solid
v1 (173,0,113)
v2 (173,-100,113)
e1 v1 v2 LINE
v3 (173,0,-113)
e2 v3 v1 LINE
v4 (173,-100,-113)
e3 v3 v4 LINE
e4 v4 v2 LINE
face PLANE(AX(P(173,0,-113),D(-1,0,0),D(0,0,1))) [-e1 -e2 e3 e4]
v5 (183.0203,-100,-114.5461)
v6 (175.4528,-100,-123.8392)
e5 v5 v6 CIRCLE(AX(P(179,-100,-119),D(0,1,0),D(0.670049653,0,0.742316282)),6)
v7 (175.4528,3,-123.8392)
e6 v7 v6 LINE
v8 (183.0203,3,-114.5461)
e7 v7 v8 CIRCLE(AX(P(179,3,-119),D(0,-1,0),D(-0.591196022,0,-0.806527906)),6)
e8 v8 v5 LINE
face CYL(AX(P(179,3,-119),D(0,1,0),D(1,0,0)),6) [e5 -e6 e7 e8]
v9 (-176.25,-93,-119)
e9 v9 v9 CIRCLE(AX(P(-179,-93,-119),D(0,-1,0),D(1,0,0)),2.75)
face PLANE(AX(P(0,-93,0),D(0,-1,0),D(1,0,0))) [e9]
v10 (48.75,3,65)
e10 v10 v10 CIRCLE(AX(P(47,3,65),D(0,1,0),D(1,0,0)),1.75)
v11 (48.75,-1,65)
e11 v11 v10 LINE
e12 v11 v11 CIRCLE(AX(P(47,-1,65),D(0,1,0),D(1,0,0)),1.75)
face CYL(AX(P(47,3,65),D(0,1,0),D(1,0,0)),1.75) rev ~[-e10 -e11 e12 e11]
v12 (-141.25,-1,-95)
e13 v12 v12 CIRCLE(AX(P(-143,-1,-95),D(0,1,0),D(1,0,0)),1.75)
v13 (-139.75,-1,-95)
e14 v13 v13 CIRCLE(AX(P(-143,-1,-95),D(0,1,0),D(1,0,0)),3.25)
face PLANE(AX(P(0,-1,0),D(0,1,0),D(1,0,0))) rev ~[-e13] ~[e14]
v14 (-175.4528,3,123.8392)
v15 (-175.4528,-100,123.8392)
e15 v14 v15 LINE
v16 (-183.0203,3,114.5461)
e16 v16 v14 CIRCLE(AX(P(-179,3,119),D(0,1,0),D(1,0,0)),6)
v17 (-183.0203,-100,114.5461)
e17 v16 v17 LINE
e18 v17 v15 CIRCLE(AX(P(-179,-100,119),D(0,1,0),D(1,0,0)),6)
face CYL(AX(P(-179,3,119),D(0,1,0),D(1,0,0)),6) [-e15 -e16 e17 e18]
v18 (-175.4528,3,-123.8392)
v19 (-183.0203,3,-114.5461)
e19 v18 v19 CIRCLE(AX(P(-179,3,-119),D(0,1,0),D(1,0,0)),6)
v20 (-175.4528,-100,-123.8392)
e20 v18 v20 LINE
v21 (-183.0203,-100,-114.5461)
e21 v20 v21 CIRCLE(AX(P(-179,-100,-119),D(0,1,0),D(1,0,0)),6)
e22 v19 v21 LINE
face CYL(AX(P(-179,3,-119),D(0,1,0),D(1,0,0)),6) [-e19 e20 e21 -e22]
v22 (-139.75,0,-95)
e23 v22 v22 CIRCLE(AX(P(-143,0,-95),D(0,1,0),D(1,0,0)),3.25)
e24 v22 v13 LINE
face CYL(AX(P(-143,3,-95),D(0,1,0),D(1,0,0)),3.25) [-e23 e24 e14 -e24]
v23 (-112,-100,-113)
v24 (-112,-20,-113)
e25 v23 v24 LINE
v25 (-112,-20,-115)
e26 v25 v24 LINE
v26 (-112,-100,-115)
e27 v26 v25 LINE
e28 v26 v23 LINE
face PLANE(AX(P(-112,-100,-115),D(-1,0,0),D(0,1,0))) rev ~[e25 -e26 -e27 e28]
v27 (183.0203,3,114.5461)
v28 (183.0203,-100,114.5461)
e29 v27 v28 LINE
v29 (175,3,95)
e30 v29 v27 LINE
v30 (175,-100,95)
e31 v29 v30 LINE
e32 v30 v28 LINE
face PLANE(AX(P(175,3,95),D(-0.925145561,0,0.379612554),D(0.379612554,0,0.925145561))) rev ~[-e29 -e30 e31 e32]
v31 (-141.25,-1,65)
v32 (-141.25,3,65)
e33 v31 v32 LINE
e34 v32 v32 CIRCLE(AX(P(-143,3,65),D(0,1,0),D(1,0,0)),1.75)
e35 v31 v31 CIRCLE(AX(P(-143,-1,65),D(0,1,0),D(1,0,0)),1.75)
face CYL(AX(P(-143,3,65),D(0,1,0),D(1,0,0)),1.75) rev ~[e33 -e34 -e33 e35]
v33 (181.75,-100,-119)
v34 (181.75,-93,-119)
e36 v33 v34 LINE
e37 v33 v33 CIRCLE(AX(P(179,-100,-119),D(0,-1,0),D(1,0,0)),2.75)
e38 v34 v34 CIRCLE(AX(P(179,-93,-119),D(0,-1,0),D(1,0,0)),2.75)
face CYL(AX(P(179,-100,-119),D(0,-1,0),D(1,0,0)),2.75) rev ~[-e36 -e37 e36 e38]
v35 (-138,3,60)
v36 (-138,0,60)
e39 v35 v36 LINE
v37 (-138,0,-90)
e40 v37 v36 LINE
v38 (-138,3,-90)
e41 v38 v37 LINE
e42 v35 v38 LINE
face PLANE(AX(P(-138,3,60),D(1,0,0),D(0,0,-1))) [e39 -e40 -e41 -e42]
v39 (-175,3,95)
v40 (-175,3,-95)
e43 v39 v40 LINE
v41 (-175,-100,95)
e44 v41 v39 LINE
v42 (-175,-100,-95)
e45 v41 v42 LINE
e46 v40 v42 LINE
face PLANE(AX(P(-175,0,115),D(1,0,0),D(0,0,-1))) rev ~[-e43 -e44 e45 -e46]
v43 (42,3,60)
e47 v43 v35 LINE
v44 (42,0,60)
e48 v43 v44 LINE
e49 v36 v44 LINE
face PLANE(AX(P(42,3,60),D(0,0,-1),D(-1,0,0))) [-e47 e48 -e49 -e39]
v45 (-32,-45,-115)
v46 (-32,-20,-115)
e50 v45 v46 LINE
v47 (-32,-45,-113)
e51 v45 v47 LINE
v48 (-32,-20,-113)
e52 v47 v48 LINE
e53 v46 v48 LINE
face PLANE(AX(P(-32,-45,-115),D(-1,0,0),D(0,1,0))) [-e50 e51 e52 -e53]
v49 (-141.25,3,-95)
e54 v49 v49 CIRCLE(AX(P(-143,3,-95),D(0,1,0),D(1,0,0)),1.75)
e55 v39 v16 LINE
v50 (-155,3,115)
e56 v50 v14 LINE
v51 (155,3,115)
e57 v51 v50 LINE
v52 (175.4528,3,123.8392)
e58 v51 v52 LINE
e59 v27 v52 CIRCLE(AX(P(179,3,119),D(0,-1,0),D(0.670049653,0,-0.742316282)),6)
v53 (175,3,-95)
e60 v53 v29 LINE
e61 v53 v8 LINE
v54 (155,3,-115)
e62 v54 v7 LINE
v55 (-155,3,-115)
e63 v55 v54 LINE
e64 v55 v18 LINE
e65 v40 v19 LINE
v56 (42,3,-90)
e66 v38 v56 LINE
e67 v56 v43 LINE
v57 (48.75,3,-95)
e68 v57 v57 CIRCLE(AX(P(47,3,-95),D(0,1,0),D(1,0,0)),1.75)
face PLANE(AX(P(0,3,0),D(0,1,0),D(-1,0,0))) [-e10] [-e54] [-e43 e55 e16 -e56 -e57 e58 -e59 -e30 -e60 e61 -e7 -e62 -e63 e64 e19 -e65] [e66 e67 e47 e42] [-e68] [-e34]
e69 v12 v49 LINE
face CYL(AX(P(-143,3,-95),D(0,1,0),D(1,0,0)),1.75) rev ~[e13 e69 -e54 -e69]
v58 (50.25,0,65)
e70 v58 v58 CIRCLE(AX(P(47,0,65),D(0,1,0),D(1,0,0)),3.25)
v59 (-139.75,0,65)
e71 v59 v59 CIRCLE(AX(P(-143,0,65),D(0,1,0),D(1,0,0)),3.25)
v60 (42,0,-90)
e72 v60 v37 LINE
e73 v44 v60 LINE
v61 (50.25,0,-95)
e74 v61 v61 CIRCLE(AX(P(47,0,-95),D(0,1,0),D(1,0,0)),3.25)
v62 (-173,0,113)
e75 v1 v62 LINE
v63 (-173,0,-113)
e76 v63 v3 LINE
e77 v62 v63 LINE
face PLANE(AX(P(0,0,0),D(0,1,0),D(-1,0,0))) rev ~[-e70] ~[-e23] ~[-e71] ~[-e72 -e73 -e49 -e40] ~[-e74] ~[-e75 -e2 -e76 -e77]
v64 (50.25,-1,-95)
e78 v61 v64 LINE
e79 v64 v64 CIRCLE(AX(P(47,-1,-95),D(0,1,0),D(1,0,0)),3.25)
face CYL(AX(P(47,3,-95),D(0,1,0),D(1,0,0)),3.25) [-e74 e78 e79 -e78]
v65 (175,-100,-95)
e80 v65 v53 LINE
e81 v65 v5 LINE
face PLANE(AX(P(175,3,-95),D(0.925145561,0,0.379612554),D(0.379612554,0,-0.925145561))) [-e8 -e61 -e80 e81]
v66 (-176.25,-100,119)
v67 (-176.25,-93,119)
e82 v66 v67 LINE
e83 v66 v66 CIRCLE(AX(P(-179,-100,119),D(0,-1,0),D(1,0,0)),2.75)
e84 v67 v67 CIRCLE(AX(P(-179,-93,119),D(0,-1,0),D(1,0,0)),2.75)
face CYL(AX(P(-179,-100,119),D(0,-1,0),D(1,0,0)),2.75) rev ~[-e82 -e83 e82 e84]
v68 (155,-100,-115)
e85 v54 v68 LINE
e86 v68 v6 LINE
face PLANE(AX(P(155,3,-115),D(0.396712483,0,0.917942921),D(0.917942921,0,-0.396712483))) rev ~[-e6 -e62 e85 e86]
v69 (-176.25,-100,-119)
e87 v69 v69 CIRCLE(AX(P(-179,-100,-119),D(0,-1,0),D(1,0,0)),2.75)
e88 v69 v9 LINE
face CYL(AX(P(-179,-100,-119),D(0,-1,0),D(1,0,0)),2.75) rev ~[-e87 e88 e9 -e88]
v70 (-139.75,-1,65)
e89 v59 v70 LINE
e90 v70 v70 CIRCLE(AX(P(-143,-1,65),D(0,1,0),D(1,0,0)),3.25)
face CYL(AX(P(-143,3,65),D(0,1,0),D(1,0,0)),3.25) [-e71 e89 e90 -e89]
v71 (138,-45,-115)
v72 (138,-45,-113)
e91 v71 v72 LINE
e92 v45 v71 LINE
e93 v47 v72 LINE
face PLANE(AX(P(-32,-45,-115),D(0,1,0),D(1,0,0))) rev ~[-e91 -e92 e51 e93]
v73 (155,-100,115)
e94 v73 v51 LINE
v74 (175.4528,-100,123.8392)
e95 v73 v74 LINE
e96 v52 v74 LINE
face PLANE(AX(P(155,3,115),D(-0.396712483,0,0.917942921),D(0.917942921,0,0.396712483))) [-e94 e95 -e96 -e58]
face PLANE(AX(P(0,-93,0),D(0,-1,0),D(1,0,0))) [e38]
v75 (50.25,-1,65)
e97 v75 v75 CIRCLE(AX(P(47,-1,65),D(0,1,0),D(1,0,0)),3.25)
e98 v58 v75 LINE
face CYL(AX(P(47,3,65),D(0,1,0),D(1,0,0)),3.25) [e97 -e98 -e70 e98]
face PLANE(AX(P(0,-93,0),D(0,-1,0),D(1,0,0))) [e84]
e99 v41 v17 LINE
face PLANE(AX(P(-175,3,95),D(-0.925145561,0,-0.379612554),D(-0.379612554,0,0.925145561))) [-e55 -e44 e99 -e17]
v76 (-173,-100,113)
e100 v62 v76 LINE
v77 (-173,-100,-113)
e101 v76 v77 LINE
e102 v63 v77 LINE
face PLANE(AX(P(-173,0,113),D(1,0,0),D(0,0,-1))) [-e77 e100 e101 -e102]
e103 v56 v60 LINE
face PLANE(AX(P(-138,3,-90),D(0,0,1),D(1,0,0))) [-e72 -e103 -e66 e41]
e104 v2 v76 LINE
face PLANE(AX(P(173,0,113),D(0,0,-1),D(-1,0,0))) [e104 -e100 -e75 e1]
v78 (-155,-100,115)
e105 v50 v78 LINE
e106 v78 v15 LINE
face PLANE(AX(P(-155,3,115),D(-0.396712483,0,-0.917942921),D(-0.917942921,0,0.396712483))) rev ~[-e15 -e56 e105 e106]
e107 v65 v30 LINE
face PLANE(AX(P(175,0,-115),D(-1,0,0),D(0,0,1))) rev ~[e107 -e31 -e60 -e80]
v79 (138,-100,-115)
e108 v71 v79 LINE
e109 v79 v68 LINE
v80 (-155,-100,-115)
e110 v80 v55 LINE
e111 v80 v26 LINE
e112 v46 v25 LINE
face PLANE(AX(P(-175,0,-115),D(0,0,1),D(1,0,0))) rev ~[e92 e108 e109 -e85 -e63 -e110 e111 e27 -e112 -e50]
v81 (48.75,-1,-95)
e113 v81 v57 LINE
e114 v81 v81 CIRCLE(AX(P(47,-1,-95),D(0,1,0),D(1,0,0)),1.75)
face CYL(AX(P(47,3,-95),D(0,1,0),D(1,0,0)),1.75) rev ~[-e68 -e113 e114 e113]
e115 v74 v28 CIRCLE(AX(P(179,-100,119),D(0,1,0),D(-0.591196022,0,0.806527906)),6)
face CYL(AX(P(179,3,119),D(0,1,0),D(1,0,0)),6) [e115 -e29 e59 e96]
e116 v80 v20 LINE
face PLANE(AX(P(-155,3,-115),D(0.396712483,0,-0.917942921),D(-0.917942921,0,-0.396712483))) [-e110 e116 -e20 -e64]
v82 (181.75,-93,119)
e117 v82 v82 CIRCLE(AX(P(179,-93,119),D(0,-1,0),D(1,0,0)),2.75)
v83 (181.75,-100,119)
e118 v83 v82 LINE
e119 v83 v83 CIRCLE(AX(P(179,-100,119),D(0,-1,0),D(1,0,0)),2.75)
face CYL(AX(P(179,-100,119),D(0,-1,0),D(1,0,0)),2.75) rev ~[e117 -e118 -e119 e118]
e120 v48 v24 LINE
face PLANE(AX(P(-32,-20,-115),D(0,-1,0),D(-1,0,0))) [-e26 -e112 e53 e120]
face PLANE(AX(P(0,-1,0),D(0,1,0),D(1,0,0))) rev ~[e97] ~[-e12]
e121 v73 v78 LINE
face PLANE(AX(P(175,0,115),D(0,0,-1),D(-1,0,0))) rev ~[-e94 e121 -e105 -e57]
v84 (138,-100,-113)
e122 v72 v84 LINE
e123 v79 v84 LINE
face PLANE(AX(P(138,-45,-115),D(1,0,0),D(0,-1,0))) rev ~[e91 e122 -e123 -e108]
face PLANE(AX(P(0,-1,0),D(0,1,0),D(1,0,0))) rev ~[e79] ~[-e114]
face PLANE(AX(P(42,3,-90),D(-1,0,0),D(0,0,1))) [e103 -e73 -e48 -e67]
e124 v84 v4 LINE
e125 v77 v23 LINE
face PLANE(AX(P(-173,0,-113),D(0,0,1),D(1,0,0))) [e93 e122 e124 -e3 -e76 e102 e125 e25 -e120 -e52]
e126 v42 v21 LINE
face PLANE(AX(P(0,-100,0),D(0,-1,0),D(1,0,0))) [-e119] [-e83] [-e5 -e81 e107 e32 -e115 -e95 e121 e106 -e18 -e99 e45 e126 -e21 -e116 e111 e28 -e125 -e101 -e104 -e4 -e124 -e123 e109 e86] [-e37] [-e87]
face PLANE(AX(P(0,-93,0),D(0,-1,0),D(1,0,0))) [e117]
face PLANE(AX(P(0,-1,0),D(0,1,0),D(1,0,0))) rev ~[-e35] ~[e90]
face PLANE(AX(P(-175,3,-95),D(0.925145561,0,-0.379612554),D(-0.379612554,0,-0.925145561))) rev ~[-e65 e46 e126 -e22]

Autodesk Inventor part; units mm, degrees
ref_plane "YZ Plane" through (0, 0, 0) normal (1, 0, 0) x (0, 1, 0)
ref_plane "XZ Plane" through (0, 0, 0) normal (0, 1, 0) x (-1, 0, 0)
ref_plane "XY Plane" through (0, 0, 0) normal (0, 0, 1) x (1, 0, 0)
sketch "Sketch1" plane through (0, 0, 0) normal (0, 1, 0) x (-1, 0, 0)
  line L0 (175, -115) -> (-175, -115)
  line L1 (-175, -115) -> (-175, 115)
  line L2 (-175, 115) -> (175, 115)
  line L3 (175, 115) -> (175, -115)
  line L4 (0, -115) -> (0, 115) construction
  line L5 (175, 0) -> (-175, 0) construction
  point P0 (0, 0)
  point P1 (0, 0)
  dimension "d0" = 350
  dimension "d1" = 230
extrude "Extrusion1" add sketch "Sketch1" along normal blind 3
sketch "Sketch6" plane through (0, 3, 0) normal (0, 1, 0) x (1, 0, 0)
  line L0 (175, 115) -> (-175, 115) construction
  line L1 (0, 115) -> (0, -115) construction
  line L2 (175, -115) -> (-175, -115) construction
  line L3 (-175, 115) -> (-175, -115) construction
  line L4 (-175, 0) -> (175, 0) construction
  line L5 (175, -115) -> (175, 115) construction
  circle A0 centre (-179, 119) radius 6
  line L6 (-175, 115) -> (-179, 115) construction
  line L7 (-179, 115) -> (-179, 119) construction
  line L8 (-179, 119) -> (-175, 119) construction
  line L9 (-175, 119) -> (-175, 115) construction
  line L10 (-155, 115) -> (-175.4528, 123.8392)
  line L11 (-175, 95) -> (-183.0203, 114.5461)
  line L12 (-175, 95) -> (-175, 115)
  line L13 (-155, 115) -> (-175, 115)
  circle A1 centre (-179, -119) radius 6
  line L14 (-155, -115) -> (-175.4528, -123.8392)
  line L15 (-175, -95) -> (-183.0203, -114.5461)
  line L16 (-175, -95) -> (-175, -115)
  line L17 (-155, -115) -> (-175, -115)
  circle A2 centre (179, 119) radius 6
  line L18 (155, 115) -> (175.4528, 123.8392)
  line L19 (175, 95) -> (183.0203, 114.5461)
  line L20 (175, 95) -> (175, 115)
  line L21 (155, 115) -> (175, 115)
  line L22 (175, -95) -> (183.0203, -114.5461)
  circle A3 centre (179, -119) radius 6
  line L23 (155, -115) -> (175.4528, -123.8392)
  line L24 (155, -115) -> (175, -115)
  line L25 (175, -95) -> (175, -115)
  circle A4 centre (179, -119) radius 2.75
  circle A5 centre (179, 119) radius 2.75
  circle A6 centre (-179, -119) radius 2.75
  circle A7 centre (-179, 119) radius 2.75
  point P0 (0, 0)
  dimension "d22" = 12
  dimension "d23" = 4
  dimension "d24" = 4
  dimension "d25" = 20
  dimension "d26" = 20
  dimension "d30" = 5.5
extrude "Extrusion6" add sketch "Sketch6" against normal blind 103 contours A0 L13 L12 | A0 L10 L13 | A0 L12 L11 | A1 L16 L17 | L15 L16 A1 | A1 L17 L14 | A2 L20 L21 | A2 L21 L18 | L19 L20 A2 | L22 A3 L25 | A3 L24 L25 | A3 L23 L24 | A4 | A5 | A6 | A7 picked at (-175.087, 116.3056) picked at (-175.087, -116.3056) picked at (175.0917, 116.2969) picked at (175.0917, -116.2969)
sketch "Sketch9" plane through (0, 0, 0) normal (0, -1, 0) x (1, 0, 0)
  line L0 (-175, -95) -> (-175, -115) projected
  line L1 (175, 115) -> (175, 95) projected
  line L2 (-175, -115) -> (175, -115)
  line L3 (175, -115) -> (175, 115)
  line L4 (175, 115) -> (-175, 115)
  line L5 (-175, 115) -> (-175, -115)
  line L6 (-173, -113) -> (173, -113)
  line L7 (173, -113) -> (173, 113)
  line L8 (173, 113) -> (-173, 113)
  line L9 (-173, 113) -> (-173, -113)
  line L10 (0, -115) -> (0, 115) construction
  line L11 (-155, 115) -> (155, 115) construction
  point P0 (0, 0)
  dimension "d31" = 2
  dimension "d32" = 2
  dimension "d33" = 2
  dimension "d34" = 2
extrude "Extrusion7" add sketch "Sketch9" along normal blind 100
sketch "Sketch10" plane through (155, 3, -115) normal (0, 0, -1) x (-1, 0, 0)
  line L0 (0, -103) -> (310, -103) projected
  line L1 (17, -103) -> (267, -103)
  line L2 (267, -103) -> (267, -48)
  line L3 (267, -48) -> (17, -48)
  line L4 (17, -48) -> (17, -103)
  line L5 (0, 0) -> (0, -103) projected
  line L6 (310, 0) -> (0, 0) construction
  line L7 (155, 0) -> (155, -103) construction
  line L8 (267, -48) -> (187, -48)
  line L9 (187, -48) -> (187, -23)
  line L10 (187, -23) -> (267, -23)
  line L11 (267, -23) -> (267, -48)
  point P0 (155, -3)
  point P1 (-18, -103)
  dimension "d38" = 55
  dimension "d39" = 35
  dimension "d40" = 250
  dimension "d41" = 25
  dimension "d42" = 80
extrude "Extrusion8" cut sketch "Sketch10" against normal up to next
sketch "Sketch11" plane through (0, 3, 0) normal (0, 1, 0) x (1, 0, 0)
  line L0 (-138, 90) -> (42, 90)
  line L1 (42, 90) -> (42, -60)
  line L2 (42, -60) -> (-138, -60)
  line L3 (-138, -60) -> (-138, 90)
  line L4 (-173, -113) -> (-173, 113) projected
  line L5 (-173, 113) -> (173, 113) projected
  point P0 (0, 0)
  dimension "d45" = 180
  dimension "d46" = 150
  dimension "d47" = 35
  dimension "d48" = 173
extrude "Extrusion9" cut sketch "Sketch11" against normal up to next
sketch "Sketch13" plane through (0, -100, 0) normal (0, -1, 0) x (1, 0, 0)
  arc A0 (-183.0203, -114.5461) -> (-175.4528, -123.8392) centre (-179, -119) ccw projected
  line L0 (-175, 95) -> (-175, -95) construction
  line L1 (-175, 0) -> (175, 0) construction
  line L2 (175, 95) -> (175, -95) construction
  line L3 (155, -115) -> (-155, -115) construction
  line L4 (0, -115) -> (0, 115) construction
  line L5 (-155, 115) -> (155, 115) construction
  circle A1 centre (-179, 119) radius 2.75
  circle A2 centre (179, 119) radius 2.75
  circle A3 centre (-179, -119) radius 2.75
  circle A4 centre (179, -119) radius 2.75
  point P0 (0, 0)
  dimension "d51" = 5.5
extrude "Extrusion10" cut sketch "Sketch13" against normal blind 7
sketch "Sketch14" plane through (0, 3, 0) normal (0, 1, 0) x (1, 0, 0)
  line L0 (-138, 90) -> (42, 90) construction
  line L1 (-138, -60) -> (-138, 90) construction
  line L2 (42, -60) -> (-138, -60) construction
  line L3 (42, 90) -> (42, -60) construction
  line L4 (-143, 95) -> (47, 95) construction
  line L5 (47, 95) -> (47, -65) construction
  line L6 (47, -65) -> (-143, -65) construction
  line L7 (-143, -65) -> (-143, 95) construction
  circle A0 centre (-143, 95) radius 3
  circle A1 centre (-143, 95) radius 1.75
  line L8 (-48, 95) -> (-48, -65) construction
  line L9 (-143, 15) -> (47, 15) construction
  circle A2 centre (47, 95) radius 3
  circle A3 centre (47, 95) radius 1.75
  circle A4 centre (-143, -65) radius 3
  circle A5 centre (-143, -65) radius 1.75
  circle A6 centre (47, -65) radius 3
  circle A7 centre (47, -65) radius 1.75
  point P0 (0, 0)
  dimension "d54" = 5
  dimension "d55" = 5
  dimension "d56" = 5
  dimension "d57" = 5
  dimension "d58" = 6
  dimension "d59" = 3.5
extrude "Extrusion11" cut sketch "Sketch14" against normal up to next contours A1 | A3 | A5 | A7
sketch "Sketch15" plane through (0, 3, 0) normal (0, 1, 0) x (1, 0, 0)
  circle A0 centre (47, 95) radius 1.75 projected
  circle A1 centre (47, 95) radius 3.25
  line L0 (-138, 90) -> (42, 90) construction
  line L1 (42, 90) -> (42, -60) construction
  line L2 (42, -60) -> (-138, -60) construction
  line L3 (-138, -60) -> (-138, 90) construction
  line L4 (42, -60) -> (42, 90) construction
  line L5 (42, 15) -> (-138, 15) construction
  line L6 (-138, 90) -> (-138, -60) construction
  line L7 (42, 90) -> (-138, 90) construction
  line L8 (-48, 90) -> (-48, -60) construction
  circle A2 centre (47, -65) radius 3.25
  circle A3 centre (-143, 95) radius 3.25
  circle A4 centre (-143, -65) radius 3.25
  circle A5 centre (47, -65) radius 1.75 projected
  circle A6 centre (-143, -65) radius 1.75 projected
  circle A7 centre (-143, 95) radius 1.75 projected
  point P0 (0, 0)
  dimension "d62" = 6.5
extrude "Extrusion12" add sketch "Sketch15" against normal blind 4
properties part number "vna_cover"
